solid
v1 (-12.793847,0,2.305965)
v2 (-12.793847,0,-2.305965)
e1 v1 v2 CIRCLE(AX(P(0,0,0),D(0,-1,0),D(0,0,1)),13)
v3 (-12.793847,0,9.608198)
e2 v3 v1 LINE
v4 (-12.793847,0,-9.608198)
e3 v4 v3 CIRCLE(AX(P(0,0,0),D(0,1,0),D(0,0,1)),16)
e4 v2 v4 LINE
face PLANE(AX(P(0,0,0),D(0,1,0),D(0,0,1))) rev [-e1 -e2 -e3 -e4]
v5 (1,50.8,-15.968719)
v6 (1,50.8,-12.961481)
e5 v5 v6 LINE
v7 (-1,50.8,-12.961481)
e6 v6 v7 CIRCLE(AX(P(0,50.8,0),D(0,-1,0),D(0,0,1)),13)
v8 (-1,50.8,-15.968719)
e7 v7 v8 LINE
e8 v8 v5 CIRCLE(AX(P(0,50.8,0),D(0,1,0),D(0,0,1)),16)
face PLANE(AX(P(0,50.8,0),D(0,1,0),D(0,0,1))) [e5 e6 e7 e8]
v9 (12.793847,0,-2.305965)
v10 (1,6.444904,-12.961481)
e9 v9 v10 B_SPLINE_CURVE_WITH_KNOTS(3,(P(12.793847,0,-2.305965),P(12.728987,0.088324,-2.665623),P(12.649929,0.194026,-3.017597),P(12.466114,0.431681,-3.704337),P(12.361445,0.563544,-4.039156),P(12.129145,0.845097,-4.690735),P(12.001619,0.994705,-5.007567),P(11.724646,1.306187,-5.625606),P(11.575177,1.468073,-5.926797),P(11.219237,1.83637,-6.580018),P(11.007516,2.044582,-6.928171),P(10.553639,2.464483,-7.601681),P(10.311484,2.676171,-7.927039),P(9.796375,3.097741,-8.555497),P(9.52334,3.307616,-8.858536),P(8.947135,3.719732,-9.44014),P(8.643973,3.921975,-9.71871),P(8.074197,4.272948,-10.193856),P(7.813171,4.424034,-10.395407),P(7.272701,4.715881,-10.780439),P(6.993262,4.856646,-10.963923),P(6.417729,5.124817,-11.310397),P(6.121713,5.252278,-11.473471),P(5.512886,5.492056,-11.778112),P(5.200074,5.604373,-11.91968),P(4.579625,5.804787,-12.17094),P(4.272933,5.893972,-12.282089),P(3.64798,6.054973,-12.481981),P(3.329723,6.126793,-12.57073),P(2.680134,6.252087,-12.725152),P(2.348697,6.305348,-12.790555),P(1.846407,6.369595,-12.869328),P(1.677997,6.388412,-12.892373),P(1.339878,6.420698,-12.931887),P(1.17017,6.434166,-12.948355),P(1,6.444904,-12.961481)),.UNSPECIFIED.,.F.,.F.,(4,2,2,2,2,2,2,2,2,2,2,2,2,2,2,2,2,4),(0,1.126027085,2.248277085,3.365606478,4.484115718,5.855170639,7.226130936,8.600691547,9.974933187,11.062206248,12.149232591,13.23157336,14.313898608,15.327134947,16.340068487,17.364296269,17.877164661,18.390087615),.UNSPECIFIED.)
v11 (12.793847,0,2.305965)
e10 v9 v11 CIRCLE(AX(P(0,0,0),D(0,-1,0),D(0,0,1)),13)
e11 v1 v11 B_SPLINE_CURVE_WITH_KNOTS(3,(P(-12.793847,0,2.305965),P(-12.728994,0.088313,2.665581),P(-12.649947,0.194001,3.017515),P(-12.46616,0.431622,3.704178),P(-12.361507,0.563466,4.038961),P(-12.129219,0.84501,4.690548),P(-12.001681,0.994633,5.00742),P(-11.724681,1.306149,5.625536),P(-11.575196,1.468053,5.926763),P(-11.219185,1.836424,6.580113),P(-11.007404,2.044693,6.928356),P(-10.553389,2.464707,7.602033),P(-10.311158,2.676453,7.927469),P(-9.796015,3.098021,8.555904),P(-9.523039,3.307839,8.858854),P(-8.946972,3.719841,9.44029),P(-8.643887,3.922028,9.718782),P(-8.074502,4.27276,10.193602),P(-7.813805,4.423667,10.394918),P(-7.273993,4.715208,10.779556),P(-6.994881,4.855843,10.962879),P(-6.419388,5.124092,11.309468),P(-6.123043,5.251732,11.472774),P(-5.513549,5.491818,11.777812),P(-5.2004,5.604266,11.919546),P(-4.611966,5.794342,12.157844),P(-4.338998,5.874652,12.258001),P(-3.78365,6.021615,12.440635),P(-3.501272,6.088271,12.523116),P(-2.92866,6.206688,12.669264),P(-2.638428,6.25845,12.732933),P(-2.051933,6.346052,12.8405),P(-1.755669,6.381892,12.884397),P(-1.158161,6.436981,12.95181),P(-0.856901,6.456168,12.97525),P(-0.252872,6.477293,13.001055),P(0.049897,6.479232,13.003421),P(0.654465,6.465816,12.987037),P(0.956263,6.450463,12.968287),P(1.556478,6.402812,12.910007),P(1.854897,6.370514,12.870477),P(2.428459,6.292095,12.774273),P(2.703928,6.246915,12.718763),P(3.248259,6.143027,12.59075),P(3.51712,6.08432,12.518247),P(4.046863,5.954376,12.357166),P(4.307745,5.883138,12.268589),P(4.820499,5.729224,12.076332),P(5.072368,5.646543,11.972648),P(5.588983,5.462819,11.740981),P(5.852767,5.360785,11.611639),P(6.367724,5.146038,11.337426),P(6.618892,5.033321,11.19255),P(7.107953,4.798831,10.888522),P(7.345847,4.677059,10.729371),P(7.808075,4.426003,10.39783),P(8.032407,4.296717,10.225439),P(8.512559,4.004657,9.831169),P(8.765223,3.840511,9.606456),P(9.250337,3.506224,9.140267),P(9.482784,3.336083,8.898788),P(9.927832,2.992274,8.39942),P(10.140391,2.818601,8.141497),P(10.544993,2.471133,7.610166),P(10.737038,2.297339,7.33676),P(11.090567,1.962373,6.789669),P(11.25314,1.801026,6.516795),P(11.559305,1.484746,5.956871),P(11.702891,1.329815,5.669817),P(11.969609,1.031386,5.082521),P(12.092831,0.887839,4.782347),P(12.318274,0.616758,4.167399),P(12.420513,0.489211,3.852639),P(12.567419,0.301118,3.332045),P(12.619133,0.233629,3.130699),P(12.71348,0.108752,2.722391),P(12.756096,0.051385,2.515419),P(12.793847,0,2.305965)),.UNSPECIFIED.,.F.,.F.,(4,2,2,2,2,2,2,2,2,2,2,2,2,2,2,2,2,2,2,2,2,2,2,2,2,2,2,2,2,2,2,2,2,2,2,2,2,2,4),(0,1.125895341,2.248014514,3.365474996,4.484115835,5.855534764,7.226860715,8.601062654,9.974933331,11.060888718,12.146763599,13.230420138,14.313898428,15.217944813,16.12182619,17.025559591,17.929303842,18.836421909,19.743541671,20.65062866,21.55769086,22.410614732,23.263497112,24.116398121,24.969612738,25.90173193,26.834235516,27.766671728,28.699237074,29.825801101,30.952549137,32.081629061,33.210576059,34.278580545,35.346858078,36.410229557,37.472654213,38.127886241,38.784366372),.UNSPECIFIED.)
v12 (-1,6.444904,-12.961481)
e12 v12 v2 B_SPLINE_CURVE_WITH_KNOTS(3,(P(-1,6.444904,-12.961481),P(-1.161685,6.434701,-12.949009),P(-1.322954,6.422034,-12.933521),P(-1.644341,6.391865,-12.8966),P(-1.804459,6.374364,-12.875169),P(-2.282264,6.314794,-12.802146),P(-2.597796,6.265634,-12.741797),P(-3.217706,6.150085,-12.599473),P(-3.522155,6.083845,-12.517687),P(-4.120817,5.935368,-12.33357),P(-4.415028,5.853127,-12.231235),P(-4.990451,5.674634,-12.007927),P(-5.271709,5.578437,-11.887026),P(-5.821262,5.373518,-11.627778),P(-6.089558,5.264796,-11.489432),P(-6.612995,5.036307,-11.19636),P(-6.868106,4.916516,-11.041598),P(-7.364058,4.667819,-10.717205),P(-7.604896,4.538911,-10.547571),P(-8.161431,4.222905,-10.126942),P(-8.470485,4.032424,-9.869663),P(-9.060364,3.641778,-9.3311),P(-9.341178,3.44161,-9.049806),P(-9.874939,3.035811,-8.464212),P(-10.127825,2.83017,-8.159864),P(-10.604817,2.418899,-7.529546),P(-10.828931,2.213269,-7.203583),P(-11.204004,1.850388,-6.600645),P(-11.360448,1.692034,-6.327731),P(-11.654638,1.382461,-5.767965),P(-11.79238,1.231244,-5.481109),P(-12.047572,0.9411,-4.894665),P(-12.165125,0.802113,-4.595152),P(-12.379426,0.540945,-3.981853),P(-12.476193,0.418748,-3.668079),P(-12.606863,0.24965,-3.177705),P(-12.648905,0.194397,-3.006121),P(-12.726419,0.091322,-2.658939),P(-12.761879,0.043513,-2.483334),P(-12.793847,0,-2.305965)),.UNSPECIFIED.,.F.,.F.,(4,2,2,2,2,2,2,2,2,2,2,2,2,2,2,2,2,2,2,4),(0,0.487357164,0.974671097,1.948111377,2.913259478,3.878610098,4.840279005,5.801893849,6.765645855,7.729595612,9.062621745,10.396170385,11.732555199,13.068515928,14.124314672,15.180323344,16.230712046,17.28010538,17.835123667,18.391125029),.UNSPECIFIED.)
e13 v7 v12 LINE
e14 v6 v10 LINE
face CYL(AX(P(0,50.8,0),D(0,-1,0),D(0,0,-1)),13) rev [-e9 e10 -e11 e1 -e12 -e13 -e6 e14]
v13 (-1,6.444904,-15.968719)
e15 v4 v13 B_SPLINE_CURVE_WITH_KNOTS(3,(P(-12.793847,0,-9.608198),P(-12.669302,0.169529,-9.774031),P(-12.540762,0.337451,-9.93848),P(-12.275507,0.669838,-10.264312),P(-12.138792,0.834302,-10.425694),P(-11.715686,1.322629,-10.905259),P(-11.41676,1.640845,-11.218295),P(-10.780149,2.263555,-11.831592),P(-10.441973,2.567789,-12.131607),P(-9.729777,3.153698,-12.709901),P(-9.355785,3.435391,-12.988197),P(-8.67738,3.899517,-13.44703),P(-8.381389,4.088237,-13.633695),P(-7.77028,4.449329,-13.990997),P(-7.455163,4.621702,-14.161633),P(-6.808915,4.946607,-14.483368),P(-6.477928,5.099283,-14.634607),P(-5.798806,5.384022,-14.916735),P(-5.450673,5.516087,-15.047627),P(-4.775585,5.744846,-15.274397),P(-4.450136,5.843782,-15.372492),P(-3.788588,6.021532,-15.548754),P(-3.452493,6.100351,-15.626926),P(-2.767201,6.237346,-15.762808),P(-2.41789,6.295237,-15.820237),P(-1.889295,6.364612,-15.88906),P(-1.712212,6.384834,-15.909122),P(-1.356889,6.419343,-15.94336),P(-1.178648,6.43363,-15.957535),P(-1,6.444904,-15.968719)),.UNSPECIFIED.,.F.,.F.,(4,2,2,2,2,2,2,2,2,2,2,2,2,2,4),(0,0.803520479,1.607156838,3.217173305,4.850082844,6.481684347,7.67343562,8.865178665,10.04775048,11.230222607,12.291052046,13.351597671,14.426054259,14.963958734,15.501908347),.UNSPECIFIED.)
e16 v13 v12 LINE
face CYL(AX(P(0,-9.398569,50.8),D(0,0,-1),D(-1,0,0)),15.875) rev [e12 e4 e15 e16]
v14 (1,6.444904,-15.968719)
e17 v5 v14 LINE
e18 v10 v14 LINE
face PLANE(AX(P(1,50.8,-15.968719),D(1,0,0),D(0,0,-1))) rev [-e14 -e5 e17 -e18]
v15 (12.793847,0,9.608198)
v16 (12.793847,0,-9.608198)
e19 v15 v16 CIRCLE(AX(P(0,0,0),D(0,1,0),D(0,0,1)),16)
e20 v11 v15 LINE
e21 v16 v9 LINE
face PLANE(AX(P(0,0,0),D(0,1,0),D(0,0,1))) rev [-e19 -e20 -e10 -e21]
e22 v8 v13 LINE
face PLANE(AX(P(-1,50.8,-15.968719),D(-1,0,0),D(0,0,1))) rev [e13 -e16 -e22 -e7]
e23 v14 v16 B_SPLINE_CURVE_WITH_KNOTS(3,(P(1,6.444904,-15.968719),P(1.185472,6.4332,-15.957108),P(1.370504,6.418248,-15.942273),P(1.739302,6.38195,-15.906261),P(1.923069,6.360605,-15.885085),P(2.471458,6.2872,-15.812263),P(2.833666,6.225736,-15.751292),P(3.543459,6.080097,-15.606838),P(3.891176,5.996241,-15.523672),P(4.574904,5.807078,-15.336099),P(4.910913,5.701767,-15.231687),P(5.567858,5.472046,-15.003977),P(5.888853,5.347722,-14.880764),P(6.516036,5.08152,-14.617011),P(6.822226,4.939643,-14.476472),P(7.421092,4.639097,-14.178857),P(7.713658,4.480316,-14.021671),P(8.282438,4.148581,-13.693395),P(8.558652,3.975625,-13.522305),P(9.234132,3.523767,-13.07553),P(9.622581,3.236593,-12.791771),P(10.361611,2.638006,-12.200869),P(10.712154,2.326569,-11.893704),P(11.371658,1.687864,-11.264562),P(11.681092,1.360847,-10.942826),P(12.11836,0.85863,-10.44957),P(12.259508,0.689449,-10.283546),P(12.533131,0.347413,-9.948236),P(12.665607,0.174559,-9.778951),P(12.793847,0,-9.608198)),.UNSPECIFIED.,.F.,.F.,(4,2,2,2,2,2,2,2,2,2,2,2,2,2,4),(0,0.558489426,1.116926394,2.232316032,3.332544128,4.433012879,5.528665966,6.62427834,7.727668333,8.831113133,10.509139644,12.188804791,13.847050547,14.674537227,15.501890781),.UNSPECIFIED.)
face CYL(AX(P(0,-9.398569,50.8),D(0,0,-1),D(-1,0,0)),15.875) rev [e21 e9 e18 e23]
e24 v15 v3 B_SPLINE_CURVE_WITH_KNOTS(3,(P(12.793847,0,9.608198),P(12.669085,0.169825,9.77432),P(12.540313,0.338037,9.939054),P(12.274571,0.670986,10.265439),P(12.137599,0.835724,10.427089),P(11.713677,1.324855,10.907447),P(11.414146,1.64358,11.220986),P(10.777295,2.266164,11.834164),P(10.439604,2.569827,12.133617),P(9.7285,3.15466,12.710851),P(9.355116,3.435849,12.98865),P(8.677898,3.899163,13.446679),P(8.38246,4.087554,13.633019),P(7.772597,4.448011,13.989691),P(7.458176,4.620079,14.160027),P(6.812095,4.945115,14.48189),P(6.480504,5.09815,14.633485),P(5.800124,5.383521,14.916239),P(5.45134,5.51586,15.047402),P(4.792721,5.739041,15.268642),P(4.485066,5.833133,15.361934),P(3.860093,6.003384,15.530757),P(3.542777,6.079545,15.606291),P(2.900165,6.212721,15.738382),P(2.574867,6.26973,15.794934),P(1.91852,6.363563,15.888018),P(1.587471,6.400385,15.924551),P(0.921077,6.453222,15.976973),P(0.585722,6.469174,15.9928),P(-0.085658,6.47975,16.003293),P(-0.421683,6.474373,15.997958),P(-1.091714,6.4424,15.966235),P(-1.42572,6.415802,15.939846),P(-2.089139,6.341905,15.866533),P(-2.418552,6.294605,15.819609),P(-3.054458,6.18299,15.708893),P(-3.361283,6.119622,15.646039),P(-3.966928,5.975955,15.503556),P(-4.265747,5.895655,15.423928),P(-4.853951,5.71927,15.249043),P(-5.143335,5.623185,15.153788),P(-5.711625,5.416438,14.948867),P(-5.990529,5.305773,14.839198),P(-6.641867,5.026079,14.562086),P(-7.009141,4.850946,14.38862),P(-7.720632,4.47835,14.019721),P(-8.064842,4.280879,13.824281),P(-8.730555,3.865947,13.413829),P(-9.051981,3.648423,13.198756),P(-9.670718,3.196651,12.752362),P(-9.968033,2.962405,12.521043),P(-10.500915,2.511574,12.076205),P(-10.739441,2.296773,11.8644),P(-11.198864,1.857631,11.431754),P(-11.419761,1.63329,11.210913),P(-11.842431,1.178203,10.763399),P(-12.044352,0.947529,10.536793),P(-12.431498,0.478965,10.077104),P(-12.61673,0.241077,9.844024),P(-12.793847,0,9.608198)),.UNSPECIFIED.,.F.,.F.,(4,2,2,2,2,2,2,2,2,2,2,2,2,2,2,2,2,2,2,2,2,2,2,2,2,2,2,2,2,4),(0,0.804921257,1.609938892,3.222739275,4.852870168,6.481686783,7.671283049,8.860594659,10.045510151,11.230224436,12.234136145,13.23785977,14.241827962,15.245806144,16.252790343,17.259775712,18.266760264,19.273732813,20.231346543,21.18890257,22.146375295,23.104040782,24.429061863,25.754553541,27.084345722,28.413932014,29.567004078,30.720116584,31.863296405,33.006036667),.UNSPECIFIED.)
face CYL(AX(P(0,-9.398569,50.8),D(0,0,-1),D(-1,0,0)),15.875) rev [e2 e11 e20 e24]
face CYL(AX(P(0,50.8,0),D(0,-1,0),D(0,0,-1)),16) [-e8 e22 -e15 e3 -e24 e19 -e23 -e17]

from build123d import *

# Parameters (mm, degrees)
BOSS_EXTRUDE1_DEPTH     = 50.8
CUT_EXTRUDE1_DEPTH      = 50.8
CUT_EXTRUDE1_DEPTH_BACK = 50.8
SKETCH2_R               = 15.875


with BuildPart() as part:
    # Sketch1 → Boss-Extrude1 (new body)
    with BuildSketch(Plane(origin=(0, 0, 0), x_dir=(1, 0, 0), z_dir=(0, 1, 0))):
        with BuildLine():
            Line((-1, 15.968719423), (-1, 12.961481397))
            ThreePointArc((-1, 12.961481397), (0, -13), (1, 12.961481397))
            Line((1, 12.961481397), (1, 15.968719423))
            ThreePointArc((1, 15.968719423), (0, -16), (-1, 15.968719423))
        make_face()
    extrude(amount=BOSS_EXTRUDE1_DEPTH)

    # Sketch2 → Cut-Extrude1 (cut, two sides: drawn at the far end of the back side and taken through both)
    with BuildSketch(Plane.XY.offset(-CUT_EXTRUDE1_DEPTH_BACK)):
        with Locations((0, -9.398568911)):
            Circle(SKETCH2_R)
    extrude(amount=CUT_EXTRUDE1_DEPTH + CUT_EXTRUDE1_DEPTH_BACK, mode=Mode.SUBTRACT)


solid = part.part
